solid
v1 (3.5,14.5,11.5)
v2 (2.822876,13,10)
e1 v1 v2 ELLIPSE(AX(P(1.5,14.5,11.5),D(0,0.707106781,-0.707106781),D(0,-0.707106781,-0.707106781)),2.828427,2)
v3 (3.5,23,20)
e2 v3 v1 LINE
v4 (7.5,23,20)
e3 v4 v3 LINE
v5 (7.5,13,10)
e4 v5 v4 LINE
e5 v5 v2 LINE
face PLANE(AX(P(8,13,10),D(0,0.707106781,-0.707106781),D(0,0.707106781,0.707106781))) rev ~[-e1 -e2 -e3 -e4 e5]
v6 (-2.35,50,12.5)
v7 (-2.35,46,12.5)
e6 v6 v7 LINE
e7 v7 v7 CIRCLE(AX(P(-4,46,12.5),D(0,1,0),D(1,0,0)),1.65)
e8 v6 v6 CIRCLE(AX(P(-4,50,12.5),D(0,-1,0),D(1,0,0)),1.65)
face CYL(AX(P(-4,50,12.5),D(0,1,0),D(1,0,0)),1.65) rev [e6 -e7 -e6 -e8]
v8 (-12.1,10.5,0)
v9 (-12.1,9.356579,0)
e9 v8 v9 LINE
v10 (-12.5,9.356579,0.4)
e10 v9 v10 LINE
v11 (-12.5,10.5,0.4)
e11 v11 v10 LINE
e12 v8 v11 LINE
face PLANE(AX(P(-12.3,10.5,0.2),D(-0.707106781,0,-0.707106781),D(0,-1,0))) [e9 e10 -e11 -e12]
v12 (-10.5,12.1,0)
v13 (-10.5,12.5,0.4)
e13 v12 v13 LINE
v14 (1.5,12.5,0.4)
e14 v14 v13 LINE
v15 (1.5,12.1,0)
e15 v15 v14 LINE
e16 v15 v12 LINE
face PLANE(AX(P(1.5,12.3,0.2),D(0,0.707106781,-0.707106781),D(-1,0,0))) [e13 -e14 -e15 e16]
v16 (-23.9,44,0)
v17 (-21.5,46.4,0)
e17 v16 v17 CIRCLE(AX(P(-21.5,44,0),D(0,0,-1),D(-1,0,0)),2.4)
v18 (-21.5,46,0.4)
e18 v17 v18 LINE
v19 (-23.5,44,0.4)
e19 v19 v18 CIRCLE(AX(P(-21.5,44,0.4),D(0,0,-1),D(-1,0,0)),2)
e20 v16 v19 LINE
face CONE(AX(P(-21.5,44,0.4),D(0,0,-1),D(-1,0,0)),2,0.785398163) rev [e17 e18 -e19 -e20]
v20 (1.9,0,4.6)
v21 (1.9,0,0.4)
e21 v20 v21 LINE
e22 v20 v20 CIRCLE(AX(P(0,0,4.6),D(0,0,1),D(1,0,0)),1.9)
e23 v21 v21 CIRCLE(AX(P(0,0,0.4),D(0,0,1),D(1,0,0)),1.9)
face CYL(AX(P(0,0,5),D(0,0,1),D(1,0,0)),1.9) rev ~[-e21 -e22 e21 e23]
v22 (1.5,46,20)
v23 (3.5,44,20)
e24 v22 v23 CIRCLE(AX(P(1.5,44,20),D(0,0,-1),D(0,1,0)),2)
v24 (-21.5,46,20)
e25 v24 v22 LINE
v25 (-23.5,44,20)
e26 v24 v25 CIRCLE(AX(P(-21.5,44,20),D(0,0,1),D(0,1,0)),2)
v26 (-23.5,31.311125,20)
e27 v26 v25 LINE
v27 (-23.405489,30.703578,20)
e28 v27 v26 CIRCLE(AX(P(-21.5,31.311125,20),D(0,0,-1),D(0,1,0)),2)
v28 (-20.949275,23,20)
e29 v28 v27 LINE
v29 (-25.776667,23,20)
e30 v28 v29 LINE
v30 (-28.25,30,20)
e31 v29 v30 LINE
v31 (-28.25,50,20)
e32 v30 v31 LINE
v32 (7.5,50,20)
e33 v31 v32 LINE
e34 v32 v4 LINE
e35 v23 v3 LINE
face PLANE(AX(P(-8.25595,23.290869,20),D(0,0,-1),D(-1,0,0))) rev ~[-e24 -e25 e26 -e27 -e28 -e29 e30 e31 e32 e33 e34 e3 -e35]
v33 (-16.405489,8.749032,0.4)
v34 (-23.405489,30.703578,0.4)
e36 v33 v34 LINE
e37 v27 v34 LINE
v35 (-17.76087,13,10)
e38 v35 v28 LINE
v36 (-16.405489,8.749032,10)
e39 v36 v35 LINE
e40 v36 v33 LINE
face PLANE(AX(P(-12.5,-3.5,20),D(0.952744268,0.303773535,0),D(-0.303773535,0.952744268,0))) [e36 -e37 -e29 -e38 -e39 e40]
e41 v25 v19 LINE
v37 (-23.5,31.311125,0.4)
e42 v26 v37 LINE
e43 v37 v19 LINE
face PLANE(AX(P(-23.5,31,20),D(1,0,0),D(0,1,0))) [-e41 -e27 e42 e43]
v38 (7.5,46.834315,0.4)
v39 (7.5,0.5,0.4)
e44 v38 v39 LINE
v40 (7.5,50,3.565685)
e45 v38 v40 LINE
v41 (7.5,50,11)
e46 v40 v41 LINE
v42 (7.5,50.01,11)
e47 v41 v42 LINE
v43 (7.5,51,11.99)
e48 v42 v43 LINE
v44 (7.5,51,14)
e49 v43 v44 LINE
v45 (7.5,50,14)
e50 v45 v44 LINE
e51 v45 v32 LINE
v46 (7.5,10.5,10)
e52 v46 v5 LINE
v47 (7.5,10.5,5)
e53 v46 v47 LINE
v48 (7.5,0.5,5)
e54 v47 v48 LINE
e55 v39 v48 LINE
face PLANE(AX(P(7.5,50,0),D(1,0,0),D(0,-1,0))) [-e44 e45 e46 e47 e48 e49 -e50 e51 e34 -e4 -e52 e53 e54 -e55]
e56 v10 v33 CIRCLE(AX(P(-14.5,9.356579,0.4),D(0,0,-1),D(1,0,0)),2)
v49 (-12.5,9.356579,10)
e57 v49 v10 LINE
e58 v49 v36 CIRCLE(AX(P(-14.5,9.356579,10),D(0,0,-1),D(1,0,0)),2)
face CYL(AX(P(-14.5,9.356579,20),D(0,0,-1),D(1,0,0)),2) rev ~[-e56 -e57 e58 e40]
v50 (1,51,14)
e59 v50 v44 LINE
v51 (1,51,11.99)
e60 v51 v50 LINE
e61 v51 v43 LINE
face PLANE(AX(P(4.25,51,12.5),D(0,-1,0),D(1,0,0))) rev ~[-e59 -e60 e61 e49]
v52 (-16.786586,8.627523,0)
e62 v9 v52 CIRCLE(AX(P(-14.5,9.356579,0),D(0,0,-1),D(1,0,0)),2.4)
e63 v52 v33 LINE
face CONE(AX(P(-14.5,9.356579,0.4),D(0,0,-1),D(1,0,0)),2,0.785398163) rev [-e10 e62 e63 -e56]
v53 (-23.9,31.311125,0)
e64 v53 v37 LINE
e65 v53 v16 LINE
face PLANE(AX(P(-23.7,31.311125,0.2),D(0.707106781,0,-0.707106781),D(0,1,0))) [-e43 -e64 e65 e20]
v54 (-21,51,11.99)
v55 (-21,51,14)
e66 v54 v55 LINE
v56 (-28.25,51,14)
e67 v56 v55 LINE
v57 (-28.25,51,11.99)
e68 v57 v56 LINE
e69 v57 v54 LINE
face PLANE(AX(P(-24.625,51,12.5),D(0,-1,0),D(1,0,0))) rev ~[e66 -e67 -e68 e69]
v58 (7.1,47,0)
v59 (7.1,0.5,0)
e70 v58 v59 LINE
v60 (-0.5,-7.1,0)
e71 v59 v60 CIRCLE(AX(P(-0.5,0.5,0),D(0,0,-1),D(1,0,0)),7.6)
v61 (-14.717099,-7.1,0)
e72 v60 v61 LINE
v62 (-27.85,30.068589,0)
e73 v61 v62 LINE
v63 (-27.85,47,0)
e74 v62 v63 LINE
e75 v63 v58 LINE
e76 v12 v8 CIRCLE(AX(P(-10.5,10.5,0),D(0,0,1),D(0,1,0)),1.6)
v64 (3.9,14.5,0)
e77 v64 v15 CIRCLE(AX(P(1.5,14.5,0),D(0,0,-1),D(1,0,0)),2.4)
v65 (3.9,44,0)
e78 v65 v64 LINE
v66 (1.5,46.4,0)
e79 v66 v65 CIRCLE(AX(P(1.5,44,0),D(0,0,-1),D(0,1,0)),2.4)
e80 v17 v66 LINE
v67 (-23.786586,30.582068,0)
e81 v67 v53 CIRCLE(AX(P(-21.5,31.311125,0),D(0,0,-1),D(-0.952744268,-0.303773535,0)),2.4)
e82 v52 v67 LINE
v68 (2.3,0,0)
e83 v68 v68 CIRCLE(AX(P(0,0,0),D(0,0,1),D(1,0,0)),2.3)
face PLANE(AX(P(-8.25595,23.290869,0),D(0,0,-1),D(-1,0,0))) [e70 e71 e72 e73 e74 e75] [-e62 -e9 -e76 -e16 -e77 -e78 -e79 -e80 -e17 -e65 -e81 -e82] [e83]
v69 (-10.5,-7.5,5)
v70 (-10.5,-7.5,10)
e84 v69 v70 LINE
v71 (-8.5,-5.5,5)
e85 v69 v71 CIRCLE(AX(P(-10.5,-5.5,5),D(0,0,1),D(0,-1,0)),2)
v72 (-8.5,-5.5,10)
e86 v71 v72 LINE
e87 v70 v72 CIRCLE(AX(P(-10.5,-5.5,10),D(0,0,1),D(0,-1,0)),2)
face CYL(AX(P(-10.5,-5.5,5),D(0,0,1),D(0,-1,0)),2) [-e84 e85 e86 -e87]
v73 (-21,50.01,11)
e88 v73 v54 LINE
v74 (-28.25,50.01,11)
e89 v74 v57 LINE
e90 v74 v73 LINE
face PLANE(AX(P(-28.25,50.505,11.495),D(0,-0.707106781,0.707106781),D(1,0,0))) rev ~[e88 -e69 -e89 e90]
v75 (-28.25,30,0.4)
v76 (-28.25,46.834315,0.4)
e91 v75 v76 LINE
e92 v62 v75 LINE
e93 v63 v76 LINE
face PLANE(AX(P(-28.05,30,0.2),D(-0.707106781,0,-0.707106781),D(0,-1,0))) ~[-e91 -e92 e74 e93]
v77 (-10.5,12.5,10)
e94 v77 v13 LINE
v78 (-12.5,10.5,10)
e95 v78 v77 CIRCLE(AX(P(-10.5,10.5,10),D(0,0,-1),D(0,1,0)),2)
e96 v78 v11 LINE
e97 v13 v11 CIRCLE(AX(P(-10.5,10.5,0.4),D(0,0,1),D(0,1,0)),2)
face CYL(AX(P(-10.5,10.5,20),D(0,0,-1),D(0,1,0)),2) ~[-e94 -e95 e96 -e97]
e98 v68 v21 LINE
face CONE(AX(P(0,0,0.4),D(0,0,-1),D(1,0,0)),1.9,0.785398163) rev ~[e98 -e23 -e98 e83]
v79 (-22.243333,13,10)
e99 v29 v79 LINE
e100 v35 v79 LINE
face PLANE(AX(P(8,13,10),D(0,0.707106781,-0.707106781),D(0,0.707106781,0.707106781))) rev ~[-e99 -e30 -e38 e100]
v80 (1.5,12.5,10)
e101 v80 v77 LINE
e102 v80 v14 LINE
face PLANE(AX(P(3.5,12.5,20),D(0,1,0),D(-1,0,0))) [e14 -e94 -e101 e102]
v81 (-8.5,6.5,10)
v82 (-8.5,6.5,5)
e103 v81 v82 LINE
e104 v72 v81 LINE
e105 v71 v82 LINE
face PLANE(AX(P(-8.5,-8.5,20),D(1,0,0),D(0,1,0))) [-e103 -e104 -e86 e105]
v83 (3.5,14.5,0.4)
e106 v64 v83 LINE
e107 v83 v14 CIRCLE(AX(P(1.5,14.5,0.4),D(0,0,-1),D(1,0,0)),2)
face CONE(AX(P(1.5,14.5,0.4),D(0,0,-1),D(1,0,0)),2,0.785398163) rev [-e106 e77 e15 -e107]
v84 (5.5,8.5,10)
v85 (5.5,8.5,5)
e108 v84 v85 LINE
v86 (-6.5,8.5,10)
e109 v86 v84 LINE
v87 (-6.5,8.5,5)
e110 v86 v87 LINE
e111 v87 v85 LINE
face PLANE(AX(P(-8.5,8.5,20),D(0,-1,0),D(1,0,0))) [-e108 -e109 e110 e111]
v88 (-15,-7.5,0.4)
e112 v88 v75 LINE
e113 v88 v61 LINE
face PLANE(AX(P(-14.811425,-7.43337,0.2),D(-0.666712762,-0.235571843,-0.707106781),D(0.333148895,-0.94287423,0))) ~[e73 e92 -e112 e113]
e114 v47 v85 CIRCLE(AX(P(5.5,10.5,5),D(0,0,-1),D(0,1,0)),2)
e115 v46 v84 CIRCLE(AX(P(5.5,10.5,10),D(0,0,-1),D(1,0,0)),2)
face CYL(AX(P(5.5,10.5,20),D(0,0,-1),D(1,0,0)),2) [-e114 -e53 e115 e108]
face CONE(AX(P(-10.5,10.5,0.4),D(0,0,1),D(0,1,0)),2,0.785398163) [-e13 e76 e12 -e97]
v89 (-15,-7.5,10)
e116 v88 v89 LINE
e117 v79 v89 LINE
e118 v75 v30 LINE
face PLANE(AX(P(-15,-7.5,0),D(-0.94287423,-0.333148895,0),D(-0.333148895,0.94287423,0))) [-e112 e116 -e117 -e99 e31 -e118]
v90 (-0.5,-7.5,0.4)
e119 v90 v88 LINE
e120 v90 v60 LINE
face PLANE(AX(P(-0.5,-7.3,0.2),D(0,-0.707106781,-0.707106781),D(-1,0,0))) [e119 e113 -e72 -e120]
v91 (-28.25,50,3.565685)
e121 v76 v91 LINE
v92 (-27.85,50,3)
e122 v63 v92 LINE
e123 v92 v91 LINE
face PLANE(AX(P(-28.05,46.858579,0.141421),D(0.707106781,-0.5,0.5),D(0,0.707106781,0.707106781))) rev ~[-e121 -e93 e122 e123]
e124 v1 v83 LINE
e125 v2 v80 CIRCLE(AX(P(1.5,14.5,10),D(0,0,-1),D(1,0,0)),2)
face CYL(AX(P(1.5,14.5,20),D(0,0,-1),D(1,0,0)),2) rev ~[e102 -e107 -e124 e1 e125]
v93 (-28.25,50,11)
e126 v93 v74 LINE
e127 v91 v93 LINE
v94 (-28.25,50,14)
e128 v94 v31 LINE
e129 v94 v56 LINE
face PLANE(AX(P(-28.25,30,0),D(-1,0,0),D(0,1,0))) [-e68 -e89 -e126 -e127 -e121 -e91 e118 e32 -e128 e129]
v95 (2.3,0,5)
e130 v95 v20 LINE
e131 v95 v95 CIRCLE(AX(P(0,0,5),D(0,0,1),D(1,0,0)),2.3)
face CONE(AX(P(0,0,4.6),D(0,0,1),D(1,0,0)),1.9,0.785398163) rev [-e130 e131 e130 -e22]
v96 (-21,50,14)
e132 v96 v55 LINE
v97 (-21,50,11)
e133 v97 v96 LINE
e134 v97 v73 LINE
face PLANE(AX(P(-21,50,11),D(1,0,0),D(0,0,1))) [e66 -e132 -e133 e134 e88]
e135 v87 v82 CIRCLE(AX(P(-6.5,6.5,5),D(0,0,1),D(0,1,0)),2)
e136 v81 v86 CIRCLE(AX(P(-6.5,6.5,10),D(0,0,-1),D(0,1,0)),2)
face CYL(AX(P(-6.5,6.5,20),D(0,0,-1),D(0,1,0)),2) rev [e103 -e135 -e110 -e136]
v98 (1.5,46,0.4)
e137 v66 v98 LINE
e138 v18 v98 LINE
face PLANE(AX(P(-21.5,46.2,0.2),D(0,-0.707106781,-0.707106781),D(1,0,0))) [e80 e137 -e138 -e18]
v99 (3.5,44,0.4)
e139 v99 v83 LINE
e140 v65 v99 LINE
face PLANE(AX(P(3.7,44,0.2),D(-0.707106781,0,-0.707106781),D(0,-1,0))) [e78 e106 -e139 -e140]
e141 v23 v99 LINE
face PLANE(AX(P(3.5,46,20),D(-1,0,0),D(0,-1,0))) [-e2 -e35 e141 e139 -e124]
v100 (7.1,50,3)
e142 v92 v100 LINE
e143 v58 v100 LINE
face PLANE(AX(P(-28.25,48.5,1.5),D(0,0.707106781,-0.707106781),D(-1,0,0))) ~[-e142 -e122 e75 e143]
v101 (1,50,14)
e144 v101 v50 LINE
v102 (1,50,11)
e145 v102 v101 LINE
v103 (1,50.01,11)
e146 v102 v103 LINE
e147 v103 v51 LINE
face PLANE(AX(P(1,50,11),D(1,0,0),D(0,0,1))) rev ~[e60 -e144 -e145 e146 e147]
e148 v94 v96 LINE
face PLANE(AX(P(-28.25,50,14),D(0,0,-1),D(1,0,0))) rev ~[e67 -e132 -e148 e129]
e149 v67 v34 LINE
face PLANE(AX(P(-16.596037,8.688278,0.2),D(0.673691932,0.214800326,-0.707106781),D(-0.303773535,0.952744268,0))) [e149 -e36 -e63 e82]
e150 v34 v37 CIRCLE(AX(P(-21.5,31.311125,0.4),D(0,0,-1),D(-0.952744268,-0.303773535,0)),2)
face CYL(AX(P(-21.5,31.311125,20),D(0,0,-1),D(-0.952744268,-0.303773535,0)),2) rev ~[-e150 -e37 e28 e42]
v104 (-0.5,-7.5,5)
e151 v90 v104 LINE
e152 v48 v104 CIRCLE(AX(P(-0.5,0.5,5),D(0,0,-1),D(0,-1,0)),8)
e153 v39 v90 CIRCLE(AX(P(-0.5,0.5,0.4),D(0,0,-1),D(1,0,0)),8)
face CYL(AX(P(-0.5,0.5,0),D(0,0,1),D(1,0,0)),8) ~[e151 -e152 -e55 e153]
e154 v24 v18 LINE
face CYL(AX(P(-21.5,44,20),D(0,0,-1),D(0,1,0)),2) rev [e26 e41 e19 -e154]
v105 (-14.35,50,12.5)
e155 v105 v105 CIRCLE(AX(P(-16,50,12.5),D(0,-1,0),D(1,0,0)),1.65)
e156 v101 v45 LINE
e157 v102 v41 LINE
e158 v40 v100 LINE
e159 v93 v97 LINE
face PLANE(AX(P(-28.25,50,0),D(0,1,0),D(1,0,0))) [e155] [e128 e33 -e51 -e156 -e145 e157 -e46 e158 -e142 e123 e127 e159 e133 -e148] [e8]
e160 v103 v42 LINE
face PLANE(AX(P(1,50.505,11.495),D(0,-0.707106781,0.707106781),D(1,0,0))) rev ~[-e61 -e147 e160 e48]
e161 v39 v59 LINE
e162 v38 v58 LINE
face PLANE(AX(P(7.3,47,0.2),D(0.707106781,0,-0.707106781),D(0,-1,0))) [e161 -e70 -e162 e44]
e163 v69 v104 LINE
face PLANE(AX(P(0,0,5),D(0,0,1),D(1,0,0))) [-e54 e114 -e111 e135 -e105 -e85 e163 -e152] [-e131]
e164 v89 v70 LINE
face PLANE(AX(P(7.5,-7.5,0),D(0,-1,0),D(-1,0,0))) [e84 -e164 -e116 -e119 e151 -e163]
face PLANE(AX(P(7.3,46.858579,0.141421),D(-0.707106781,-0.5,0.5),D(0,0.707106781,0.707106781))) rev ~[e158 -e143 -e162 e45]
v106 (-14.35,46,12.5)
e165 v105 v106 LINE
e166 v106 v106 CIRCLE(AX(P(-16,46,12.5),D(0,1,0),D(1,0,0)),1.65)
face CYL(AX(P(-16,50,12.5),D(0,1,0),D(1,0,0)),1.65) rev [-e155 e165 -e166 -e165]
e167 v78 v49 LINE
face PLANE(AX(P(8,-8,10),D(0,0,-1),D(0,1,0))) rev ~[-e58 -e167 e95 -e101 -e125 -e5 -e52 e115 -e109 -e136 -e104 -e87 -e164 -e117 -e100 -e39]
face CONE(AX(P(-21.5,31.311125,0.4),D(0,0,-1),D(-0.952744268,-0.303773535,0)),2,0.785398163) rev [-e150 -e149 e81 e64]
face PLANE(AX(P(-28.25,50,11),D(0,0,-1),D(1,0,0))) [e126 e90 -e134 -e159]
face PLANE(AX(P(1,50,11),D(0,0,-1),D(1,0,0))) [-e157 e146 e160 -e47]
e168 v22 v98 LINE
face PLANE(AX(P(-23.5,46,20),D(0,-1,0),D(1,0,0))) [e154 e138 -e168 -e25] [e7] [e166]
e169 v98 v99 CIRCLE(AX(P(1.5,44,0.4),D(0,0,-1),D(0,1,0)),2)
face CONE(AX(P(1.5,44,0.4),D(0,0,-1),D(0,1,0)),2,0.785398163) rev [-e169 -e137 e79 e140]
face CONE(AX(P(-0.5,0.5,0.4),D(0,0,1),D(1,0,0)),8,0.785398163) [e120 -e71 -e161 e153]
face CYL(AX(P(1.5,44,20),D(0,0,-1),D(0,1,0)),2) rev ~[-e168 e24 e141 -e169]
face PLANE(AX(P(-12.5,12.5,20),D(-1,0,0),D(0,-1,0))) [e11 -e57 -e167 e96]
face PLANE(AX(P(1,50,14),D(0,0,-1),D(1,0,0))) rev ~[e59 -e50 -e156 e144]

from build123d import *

# Parameters (mm, degrees)
PAD005_DEPTH                               = 20
SKETCH019_W                                = 17
SKETCH019_H                                = 17
POCKET013_DEPTH                            = 15
FILLET004_R                                = 2
SKETCH020_R                                = 1.9
POCKET014_DEPTH                            = 5
FILLET005_R                                = 8
POCKET015_DEPTH                            = 20.001
FILLET006_R                                = 2
POCKET016_DEPTH                            = 36.251
CHAMFER004013007011015006009007001032_SIZE = 3
SKETCH023_R                                = 1.65
POCKET017_DEPTH                            = 5
SKETCH024_W                                = 6.5
SKETCH024_H                                = 3
SKETCH024_W_2                              = 7.25
PAD006_DEPTH                               = 1
CHAMFER004013007011015006009007001033_SIZE = 0.99
CHAMFER004013007011015006009007001034_SIZE = 0.4


with BuildPart() as part:
    # Sketch018 → Pad005 (new body)
    with BuildSketch(Plane.XY):
        Polygon((-28.25, 50), (7.5, 50), (7.5, -7.5), (-15, -7.5), (-28.25, 30), align=None)
    extrude(amount=PAD005_DEPTH)

    # Sketch019 (on Face7 of Pad005) → Pocket013 (cut)
    with BuildSketch(Plane.XY.offset(20)):
        Rectangle(SKETCH019_W, SKETCH019_H)
    extrude(amount=-POCKET013_DEPTH, mode=Mode.SUBTRACT)

    # Fillet004
    fillet004_edges = [part.edges().sort_by_distance(p)[0] for p in [
        (-8.5, -7.5, 12.5),
        (-8.5, 8.5, 12.5),
        (7.5, 8.5, 12.5),
    ]]
    fillet(fillet004_edges, radius=FILLET004_R)

    # Sketch020 (on Face5 of Fillet004) → Pocket014 (cut)
    with BuildSketch(Plane.XY.offset(5)):
        Circle(SKETCH020_R)
    extrude(amount=-POCKET014_DEPTH, mode=Mode.SUBTRACT)

    # Fillet005
    fillet005_edges = [part.edges().sort_by_distance(p)[0] for p in [
        (7.5, -7.5, 2.5),
    ]]
    fillet(fillet005_edges, radius=FILLET005_R)

    # Sketch021 (on DatumPlane) → Pocket015 (cut, through all)
    with BuildSketch(Plane.XY.offset(20)):
        Polygon((-23.5, 31), (-23.5, 46), (3.5, 46), (3.5, 12.5), (-12.5, 12.5), (-12.5, -3.5), align=None)
    extrude(amount=-POCKET015_DEPTH, mode=Mode.SUBTRACT)

    # Fillet006
    fillet006_edges = [part.edges().sort_by_distance(p)[0] for p in [
        (3.5, 12.5, 10),
        (-12.5, 12.5, 10),
        (-12.5, -3.5, 10),
        (-23.5, 31, 10),
        (3.5, 46, 10),
        (-23.5, 46, 10),
    ]]
    fillet(fillet006_edges, radius=FILLET006_R)

    # Sketch022 (on DatumPlane) → Pocket016 (cut, through all)
    with BuildSketch(Plane.YZ.offset(8)):
        Polygon((-8, 10), (13, 10), (23, 20), (-8, 20), align=None)
    extrude(amount=-POCKET016_DEPTH, mode=Mode.SUBTRACT)

    # Chamfer004013007011015006009007001032
    chamfer004013007011015006009007001032_edges = [part.edges().sort_by_distance(p)[0] for p in [
        (-10.375, 50, 0),
    ]]
    chamfer(chamfer004013007011015006009007001032_edges, length=CHAMFER004013007011015006009007001032_SIZE)

    # Sketch023 (on DatumPlane) → Pocket017 (cut)
    with BuildSketch(Plane.XZ.offset(-50)):
        with Locations((-16, 12.5)):
            Circle(SKETCH023_R)
        with Locations((-4, 12.5)):
            Circle(SKETCH023_R)
    extrude(amount=POCKET017_DEPTH, mode=Mode.SUBTRACT)

    # Sketch024 (on DatumPlane) → Pad006 (join)
    with BuildSketch(Plane.XZ.offset(-50)):
        with Locations((4.25, 12.5)):
            Rectangle(SKETCH024_W, SKETCH024_H)
        with Locations((-24.625, 12.5)):
            Rectangle(SKETCH024_W_2, SKETCH024_H)
    extrude(amount=-PAD006_DEPTH)

    # Chamfer004013007011015006009007001033
    chamfer004013007011015006009007001033_edges = [part.edges().sort_by_distance(p)[0] for p in [
        (4.25, 51, 11),
        (-24.625, 51, 11),
    ]]
    chamfer(chamfer004013007011015006009007001033_edges, length=CHAMFER004013007011015006009007001033_SIZE)

    # Chamfer004013007011015006009007001034
    chamfer004013007011015006009007001034_edges = [part.edges().sort_by_distance(p)[0] for p in [
        (7.5, 23.75, 0),
        (5.156854, -5.156854, 0),
        (-7.75, -7.5, 0),
        (-21.625, 11.25, 0),
        (-28.25, 38.5, 0),
        (-28.25, 48.5, 1.5),
        (7.5, 48.5, 1.5),
        (-14.192573, 7.380348, 0),
        (-11.914214, 11.914214, 0),
        (-12.5, 9.92829, 0),
        (-4.5, 12.5, 0),
        (2.914214, 13.085786, 0),
        (3.5, 29.25, 0),
        (2.914214, 45.414214, 0),
        (-10, 46, 0),
        (-22.914214, 45.414214, 0),
        (-23.5, 37.655562, 0),
        (-19.905489, 19.726305, 0),
        (-23.476231, 31.003698, 0),
        (-1.9, 0, 0),
        (-1.9, 0, 5),
    ]]
    chamfer(chamfer004013007011015006009007001034_edges, length=CHAMFER004013007011015006009007001034_SIZE)


solid = part.part
